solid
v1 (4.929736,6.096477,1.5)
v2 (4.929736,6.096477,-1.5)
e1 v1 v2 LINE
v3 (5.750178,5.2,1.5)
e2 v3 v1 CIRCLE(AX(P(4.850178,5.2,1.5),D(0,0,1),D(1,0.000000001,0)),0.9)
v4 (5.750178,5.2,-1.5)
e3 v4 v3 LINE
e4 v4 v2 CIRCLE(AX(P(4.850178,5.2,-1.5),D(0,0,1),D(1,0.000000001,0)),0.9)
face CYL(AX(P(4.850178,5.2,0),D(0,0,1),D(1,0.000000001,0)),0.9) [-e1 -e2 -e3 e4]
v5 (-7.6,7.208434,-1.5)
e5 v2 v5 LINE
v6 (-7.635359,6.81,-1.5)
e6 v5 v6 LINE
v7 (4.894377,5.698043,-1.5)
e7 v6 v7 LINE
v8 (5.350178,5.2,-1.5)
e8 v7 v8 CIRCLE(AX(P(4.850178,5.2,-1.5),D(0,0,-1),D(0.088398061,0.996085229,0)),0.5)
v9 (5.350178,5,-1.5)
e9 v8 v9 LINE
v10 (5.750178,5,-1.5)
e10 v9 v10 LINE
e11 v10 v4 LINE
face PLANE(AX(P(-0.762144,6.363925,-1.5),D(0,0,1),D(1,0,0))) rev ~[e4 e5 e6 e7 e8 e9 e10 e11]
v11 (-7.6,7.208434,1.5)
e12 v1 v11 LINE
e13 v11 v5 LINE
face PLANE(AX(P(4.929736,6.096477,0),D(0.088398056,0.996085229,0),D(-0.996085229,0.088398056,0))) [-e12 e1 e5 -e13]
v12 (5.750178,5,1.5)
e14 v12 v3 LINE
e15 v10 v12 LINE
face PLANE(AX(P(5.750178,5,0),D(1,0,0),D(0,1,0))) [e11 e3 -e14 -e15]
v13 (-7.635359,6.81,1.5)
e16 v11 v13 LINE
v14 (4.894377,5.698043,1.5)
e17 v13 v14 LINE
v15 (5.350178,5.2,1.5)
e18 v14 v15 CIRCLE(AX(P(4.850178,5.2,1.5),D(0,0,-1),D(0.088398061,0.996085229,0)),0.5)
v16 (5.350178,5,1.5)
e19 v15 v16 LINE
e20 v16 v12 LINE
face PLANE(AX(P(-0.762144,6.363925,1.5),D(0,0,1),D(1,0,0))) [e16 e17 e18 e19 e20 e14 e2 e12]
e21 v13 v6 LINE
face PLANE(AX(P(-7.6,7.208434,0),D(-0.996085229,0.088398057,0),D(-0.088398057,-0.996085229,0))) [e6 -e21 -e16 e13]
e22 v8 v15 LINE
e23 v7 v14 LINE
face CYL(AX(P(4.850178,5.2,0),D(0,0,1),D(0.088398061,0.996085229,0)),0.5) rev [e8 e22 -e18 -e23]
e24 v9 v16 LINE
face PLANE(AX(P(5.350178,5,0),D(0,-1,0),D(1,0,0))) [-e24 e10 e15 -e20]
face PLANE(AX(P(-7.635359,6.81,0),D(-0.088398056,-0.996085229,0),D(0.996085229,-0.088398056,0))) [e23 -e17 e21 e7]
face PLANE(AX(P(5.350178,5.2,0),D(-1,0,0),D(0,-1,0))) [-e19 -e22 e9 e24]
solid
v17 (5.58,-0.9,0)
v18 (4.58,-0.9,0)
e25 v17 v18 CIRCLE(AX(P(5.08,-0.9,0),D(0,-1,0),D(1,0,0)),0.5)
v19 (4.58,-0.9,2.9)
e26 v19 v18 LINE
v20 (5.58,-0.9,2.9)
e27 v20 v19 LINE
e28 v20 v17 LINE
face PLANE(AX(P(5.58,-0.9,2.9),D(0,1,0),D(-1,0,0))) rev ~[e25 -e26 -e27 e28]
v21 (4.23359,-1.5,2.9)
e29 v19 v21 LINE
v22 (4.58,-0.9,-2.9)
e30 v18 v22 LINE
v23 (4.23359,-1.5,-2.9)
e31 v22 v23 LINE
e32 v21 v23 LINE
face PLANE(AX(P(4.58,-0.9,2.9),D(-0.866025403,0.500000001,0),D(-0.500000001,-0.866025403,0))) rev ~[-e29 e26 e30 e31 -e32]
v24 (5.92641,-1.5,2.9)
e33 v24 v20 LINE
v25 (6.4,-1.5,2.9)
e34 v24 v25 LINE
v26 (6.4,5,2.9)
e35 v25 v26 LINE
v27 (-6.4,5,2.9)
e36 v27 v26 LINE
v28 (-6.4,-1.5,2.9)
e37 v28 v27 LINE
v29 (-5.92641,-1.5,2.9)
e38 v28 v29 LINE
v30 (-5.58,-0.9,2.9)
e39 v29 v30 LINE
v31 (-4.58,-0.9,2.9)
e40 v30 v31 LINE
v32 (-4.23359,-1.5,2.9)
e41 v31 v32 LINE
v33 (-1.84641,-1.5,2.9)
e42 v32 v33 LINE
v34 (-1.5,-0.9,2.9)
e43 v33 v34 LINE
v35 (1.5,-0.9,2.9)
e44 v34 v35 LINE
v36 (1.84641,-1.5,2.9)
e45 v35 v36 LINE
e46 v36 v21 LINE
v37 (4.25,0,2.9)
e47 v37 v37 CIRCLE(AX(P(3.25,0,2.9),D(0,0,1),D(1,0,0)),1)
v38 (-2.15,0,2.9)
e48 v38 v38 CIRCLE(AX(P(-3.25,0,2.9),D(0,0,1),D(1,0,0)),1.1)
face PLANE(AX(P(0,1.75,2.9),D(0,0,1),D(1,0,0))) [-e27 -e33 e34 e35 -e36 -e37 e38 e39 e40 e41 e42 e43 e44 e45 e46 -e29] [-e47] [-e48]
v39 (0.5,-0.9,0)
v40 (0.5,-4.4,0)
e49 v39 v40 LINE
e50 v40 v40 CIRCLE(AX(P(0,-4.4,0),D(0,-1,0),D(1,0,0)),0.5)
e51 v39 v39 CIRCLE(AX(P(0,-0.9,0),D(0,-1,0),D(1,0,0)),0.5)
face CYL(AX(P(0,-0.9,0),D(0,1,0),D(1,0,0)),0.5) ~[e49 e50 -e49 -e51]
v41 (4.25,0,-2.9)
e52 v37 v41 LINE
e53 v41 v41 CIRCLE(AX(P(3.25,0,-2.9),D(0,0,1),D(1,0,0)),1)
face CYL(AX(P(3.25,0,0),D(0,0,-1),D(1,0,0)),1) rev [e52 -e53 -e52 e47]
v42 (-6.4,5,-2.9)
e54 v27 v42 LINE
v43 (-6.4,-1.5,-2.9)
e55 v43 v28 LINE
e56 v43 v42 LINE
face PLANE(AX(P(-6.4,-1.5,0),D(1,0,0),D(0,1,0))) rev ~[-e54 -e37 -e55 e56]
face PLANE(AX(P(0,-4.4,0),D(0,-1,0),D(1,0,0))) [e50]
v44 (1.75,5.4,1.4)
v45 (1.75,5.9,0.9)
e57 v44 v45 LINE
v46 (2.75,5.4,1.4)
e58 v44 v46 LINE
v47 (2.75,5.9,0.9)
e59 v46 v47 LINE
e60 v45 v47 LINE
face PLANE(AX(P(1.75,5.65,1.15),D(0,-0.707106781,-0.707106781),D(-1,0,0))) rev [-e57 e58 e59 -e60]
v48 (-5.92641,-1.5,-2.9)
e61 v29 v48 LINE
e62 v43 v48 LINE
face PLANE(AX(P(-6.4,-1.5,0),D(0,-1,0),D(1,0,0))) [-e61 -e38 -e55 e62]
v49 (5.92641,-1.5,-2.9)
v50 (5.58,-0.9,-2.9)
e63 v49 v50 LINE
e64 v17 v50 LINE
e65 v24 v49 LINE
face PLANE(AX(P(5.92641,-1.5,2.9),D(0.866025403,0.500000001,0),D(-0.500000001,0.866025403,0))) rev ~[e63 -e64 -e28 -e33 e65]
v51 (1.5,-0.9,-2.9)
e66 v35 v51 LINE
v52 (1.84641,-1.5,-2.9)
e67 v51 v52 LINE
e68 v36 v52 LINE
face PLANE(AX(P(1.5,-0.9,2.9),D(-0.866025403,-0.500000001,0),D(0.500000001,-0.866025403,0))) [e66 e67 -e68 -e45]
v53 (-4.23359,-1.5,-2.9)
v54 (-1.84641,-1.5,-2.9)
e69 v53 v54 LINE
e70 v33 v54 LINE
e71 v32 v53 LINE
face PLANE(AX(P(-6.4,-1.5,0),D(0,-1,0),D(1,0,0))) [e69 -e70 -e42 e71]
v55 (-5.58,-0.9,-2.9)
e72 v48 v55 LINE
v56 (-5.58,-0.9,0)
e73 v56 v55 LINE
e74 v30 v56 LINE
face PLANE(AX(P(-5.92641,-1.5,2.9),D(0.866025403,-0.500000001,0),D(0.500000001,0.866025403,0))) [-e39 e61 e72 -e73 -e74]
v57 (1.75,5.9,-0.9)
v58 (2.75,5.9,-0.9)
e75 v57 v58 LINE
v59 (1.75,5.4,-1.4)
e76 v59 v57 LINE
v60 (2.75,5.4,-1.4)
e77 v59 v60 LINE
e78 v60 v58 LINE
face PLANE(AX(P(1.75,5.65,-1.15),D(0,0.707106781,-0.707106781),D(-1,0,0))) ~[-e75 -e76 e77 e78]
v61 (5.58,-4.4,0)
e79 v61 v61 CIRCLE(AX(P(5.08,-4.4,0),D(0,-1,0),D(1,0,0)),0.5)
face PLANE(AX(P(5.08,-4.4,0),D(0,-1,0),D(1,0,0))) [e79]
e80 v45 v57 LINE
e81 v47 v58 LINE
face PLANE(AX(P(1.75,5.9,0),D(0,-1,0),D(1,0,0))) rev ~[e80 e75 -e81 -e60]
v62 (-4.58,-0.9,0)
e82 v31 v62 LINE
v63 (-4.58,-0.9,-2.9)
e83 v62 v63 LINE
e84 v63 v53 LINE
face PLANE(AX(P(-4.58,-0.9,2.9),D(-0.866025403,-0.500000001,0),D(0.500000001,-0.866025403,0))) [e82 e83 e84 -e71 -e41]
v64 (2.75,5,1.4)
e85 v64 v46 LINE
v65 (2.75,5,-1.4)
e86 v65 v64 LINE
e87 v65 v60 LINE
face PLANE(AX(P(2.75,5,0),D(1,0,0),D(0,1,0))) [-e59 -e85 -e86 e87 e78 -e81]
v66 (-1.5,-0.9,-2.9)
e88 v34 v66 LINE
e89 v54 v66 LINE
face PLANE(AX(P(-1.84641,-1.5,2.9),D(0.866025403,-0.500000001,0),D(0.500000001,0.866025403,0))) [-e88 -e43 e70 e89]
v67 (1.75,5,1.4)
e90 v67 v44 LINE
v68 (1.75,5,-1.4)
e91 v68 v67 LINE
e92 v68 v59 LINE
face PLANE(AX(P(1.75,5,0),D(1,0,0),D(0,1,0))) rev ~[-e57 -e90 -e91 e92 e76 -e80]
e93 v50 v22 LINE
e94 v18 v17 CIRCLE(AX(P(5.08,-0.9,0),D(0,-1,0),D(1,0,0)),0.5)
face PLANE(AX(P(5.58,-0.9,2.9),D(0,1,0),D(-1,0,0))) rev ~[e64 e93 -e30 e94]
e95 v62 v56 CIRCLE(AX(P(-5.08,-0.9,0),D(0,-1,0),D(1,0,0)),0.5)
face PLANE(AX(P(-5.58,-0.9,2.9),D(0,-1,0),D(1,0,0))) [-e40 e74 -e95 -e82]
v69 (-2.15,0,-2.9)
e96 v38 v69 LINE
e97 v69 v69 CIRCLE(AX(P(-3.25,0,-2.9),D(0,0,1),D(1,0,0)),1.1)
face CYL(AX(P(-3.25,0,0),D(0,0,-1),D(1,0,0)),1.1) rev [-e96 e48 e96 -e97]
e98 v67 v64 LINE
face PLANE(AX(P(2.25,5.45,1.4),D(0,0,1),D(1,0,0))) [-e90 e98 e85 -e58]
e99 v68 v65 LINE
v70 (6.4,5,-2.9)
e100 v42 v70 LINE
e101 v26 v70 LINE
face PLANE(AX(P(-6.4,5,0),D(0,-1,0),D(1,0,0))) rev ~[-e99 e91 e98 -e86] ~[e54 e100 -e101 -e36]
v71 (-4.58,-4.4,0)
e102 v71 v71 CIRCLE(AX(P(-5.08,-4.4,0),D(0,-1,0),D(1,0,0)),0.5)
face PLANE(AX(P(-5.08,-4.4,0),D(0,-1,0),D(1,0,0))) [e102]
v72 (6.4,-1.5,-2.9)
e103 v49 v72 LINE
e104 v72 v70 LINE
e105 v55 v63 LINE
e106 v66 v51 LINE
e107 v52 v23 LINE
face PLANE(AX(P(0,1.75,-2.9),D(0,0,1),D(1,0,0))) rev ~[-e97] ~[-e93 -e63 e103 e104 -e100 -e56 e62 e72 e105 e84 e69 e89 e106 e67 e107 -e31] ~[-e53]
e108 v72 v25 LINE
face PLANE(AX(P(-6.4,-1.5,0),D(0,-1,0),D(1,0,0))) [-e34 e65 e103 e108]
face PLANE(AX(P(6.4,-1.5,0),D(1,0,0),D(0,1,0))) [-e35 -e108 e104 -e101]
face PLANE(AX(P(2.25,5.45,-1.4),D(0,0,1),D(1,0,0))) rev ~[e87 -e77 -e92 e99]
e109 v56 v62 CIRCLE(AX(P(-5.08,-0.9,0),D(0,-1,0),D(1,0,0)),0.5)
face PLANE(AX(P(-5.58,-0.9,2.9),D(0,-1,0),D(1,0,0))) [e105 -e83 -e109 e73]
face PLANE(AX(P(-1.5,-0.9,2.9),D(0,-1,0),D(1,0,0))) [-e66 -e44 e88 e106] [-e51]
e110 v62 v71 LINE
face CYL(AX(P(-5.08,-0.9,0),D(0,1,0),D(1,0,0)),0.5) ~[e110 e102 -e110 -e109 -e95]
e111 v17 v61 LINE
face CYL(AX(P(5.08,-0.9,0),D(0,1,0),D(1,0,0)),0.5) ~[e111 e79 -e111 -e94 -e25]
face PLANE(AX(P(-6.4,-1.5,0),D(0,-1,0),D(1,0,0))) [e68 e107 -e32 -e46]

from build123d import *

# Parameters (mm, degrees)
SKETCH1_W           = 12.8
SKETCH1_H           = 6.5
SKETCH1_R           = 1.1
SKETCH1_R_2         = 1
BOSS_EXTRUDE1_DEPTH = 2.9
CUT_EXTRUDE4_DEPTH  = 6.8
SKETCH3_W           = 1
SKETCH3_H           = 0.9
BOSS_EXTRUDE2_DEPTH = 1.4
CHAMFER1_SIZE       = 0.5
SKETCH13_R          = 0.5
BOSS_EXTRUDE9_DEPTH = 3.5
BOSS_EXTRUDE8_DEPTH = 1.5


with BuildPart() as part:
    # Sketch1 → Boss-Extrude1 (new body, symmetric)
    with BuildSketch(Plane.XY):
        with Locations((0, 1.75)):
            Rectangle(SKETCH1_W, SKETCH1_H)
        with Locations((-3.25, 0)):
            Circle(SKETCH1_R, mode=Mode.SUBTRACT)
        with Locations((3.25, 0)):
            Circle(SKETCH1_R_2, mode=Mode.SUBTRACT)
    extrude(amount=BOSS_EXTRUDE1_DEPTH, both=True)

    # Sketch12 → Cut-Extrude4 (cut, through all)
    with BuildSketch(Plane.XY.offset(2.9)):
        Polygon((-1.846410162, -1.5), (-1.5, -0.9), (1.5, -0.9), (1.846410162, -1.5), align=None)
        Polygon((-5.926410162, -1.5), (-5.58, -0.9), (-4.58, -0.9), (-4.233589838, -1.5), align=None)
        Polygon((4.233589838, -1.5), (5.926410162, -1.5), (5.58, -0.9), (4.58, -0.9), align=None)
    extrude(amount=-CUT_EXTRUDE4_DEPTH, mode=Mode.SUBTRACT)

    # Sketch3 → Boss-Extrude2 (add, symmetric)
    with BuildSketch(Plane.XY):
        with Locations((2.25, 5.45)):
            Rectangle(SKETCH3_W, SKETCH3_H)
    extrude(amount=BOSS_EXTRUDE2_DEPTH, both=True)

    # Chamfer1
    chamfer1_edges = [part.edges().sort_by_distance(p)[0] for p in [
        (2.25, 5.9, -1.4),
        (2.25, 5.9, 1.4),
    ]]
    chamfer(chamfer1_edges, length=CHAMFER1_SIZE)

    # Sketch13 → Boss-Extrude9 (add)
    with BuildSketch(Plane.XZ.offset(0.9)):
        Circle(SKETCH13_R)
        with Locations((-5.08, 0)):
            Circle(SKETCH13_R)
        with Locations((5.08, 0)):
            Circle(SKETCH13_R)
    extrude(amount=BOSS_EXTRUDE9_DEPTH)


with BuildPart() as body_2:
    # Sketch11 → Boss-Extrude8 (new body, symmetric)
    with BuildSketch(Plane.XY):
        with BuildLine():
            Line((-7.635359223, 6.81), (4.894376977, 5.698042615))
            ThreePointArc((4.894376977, 5.698042615), (5.219027182, 5.537565168), (5.350177949, 5.2))
            Line((5.350177949, 5.2), (5.350177949, 5))
            Line((5.350177949, 5), (5.750177949, 5))
            Line((5.750177949, 5), (5.750177949, 5.2))
            ThreePointArc((5.750177949, 5.2), (5.514106569, 5.807617303), (4.929736199, 6.096476706))
            Line((4.929736199, 6.096476706), (-7.6, 7.208434092))
            Line((-7.6, 7.208434092), (-7.635359223, 6.81))
        make_face()
    extrude(amount=BOSS_EXTRUDE8_DEPTH, both=True)


solid = Compound([part.part, body_2.part])
